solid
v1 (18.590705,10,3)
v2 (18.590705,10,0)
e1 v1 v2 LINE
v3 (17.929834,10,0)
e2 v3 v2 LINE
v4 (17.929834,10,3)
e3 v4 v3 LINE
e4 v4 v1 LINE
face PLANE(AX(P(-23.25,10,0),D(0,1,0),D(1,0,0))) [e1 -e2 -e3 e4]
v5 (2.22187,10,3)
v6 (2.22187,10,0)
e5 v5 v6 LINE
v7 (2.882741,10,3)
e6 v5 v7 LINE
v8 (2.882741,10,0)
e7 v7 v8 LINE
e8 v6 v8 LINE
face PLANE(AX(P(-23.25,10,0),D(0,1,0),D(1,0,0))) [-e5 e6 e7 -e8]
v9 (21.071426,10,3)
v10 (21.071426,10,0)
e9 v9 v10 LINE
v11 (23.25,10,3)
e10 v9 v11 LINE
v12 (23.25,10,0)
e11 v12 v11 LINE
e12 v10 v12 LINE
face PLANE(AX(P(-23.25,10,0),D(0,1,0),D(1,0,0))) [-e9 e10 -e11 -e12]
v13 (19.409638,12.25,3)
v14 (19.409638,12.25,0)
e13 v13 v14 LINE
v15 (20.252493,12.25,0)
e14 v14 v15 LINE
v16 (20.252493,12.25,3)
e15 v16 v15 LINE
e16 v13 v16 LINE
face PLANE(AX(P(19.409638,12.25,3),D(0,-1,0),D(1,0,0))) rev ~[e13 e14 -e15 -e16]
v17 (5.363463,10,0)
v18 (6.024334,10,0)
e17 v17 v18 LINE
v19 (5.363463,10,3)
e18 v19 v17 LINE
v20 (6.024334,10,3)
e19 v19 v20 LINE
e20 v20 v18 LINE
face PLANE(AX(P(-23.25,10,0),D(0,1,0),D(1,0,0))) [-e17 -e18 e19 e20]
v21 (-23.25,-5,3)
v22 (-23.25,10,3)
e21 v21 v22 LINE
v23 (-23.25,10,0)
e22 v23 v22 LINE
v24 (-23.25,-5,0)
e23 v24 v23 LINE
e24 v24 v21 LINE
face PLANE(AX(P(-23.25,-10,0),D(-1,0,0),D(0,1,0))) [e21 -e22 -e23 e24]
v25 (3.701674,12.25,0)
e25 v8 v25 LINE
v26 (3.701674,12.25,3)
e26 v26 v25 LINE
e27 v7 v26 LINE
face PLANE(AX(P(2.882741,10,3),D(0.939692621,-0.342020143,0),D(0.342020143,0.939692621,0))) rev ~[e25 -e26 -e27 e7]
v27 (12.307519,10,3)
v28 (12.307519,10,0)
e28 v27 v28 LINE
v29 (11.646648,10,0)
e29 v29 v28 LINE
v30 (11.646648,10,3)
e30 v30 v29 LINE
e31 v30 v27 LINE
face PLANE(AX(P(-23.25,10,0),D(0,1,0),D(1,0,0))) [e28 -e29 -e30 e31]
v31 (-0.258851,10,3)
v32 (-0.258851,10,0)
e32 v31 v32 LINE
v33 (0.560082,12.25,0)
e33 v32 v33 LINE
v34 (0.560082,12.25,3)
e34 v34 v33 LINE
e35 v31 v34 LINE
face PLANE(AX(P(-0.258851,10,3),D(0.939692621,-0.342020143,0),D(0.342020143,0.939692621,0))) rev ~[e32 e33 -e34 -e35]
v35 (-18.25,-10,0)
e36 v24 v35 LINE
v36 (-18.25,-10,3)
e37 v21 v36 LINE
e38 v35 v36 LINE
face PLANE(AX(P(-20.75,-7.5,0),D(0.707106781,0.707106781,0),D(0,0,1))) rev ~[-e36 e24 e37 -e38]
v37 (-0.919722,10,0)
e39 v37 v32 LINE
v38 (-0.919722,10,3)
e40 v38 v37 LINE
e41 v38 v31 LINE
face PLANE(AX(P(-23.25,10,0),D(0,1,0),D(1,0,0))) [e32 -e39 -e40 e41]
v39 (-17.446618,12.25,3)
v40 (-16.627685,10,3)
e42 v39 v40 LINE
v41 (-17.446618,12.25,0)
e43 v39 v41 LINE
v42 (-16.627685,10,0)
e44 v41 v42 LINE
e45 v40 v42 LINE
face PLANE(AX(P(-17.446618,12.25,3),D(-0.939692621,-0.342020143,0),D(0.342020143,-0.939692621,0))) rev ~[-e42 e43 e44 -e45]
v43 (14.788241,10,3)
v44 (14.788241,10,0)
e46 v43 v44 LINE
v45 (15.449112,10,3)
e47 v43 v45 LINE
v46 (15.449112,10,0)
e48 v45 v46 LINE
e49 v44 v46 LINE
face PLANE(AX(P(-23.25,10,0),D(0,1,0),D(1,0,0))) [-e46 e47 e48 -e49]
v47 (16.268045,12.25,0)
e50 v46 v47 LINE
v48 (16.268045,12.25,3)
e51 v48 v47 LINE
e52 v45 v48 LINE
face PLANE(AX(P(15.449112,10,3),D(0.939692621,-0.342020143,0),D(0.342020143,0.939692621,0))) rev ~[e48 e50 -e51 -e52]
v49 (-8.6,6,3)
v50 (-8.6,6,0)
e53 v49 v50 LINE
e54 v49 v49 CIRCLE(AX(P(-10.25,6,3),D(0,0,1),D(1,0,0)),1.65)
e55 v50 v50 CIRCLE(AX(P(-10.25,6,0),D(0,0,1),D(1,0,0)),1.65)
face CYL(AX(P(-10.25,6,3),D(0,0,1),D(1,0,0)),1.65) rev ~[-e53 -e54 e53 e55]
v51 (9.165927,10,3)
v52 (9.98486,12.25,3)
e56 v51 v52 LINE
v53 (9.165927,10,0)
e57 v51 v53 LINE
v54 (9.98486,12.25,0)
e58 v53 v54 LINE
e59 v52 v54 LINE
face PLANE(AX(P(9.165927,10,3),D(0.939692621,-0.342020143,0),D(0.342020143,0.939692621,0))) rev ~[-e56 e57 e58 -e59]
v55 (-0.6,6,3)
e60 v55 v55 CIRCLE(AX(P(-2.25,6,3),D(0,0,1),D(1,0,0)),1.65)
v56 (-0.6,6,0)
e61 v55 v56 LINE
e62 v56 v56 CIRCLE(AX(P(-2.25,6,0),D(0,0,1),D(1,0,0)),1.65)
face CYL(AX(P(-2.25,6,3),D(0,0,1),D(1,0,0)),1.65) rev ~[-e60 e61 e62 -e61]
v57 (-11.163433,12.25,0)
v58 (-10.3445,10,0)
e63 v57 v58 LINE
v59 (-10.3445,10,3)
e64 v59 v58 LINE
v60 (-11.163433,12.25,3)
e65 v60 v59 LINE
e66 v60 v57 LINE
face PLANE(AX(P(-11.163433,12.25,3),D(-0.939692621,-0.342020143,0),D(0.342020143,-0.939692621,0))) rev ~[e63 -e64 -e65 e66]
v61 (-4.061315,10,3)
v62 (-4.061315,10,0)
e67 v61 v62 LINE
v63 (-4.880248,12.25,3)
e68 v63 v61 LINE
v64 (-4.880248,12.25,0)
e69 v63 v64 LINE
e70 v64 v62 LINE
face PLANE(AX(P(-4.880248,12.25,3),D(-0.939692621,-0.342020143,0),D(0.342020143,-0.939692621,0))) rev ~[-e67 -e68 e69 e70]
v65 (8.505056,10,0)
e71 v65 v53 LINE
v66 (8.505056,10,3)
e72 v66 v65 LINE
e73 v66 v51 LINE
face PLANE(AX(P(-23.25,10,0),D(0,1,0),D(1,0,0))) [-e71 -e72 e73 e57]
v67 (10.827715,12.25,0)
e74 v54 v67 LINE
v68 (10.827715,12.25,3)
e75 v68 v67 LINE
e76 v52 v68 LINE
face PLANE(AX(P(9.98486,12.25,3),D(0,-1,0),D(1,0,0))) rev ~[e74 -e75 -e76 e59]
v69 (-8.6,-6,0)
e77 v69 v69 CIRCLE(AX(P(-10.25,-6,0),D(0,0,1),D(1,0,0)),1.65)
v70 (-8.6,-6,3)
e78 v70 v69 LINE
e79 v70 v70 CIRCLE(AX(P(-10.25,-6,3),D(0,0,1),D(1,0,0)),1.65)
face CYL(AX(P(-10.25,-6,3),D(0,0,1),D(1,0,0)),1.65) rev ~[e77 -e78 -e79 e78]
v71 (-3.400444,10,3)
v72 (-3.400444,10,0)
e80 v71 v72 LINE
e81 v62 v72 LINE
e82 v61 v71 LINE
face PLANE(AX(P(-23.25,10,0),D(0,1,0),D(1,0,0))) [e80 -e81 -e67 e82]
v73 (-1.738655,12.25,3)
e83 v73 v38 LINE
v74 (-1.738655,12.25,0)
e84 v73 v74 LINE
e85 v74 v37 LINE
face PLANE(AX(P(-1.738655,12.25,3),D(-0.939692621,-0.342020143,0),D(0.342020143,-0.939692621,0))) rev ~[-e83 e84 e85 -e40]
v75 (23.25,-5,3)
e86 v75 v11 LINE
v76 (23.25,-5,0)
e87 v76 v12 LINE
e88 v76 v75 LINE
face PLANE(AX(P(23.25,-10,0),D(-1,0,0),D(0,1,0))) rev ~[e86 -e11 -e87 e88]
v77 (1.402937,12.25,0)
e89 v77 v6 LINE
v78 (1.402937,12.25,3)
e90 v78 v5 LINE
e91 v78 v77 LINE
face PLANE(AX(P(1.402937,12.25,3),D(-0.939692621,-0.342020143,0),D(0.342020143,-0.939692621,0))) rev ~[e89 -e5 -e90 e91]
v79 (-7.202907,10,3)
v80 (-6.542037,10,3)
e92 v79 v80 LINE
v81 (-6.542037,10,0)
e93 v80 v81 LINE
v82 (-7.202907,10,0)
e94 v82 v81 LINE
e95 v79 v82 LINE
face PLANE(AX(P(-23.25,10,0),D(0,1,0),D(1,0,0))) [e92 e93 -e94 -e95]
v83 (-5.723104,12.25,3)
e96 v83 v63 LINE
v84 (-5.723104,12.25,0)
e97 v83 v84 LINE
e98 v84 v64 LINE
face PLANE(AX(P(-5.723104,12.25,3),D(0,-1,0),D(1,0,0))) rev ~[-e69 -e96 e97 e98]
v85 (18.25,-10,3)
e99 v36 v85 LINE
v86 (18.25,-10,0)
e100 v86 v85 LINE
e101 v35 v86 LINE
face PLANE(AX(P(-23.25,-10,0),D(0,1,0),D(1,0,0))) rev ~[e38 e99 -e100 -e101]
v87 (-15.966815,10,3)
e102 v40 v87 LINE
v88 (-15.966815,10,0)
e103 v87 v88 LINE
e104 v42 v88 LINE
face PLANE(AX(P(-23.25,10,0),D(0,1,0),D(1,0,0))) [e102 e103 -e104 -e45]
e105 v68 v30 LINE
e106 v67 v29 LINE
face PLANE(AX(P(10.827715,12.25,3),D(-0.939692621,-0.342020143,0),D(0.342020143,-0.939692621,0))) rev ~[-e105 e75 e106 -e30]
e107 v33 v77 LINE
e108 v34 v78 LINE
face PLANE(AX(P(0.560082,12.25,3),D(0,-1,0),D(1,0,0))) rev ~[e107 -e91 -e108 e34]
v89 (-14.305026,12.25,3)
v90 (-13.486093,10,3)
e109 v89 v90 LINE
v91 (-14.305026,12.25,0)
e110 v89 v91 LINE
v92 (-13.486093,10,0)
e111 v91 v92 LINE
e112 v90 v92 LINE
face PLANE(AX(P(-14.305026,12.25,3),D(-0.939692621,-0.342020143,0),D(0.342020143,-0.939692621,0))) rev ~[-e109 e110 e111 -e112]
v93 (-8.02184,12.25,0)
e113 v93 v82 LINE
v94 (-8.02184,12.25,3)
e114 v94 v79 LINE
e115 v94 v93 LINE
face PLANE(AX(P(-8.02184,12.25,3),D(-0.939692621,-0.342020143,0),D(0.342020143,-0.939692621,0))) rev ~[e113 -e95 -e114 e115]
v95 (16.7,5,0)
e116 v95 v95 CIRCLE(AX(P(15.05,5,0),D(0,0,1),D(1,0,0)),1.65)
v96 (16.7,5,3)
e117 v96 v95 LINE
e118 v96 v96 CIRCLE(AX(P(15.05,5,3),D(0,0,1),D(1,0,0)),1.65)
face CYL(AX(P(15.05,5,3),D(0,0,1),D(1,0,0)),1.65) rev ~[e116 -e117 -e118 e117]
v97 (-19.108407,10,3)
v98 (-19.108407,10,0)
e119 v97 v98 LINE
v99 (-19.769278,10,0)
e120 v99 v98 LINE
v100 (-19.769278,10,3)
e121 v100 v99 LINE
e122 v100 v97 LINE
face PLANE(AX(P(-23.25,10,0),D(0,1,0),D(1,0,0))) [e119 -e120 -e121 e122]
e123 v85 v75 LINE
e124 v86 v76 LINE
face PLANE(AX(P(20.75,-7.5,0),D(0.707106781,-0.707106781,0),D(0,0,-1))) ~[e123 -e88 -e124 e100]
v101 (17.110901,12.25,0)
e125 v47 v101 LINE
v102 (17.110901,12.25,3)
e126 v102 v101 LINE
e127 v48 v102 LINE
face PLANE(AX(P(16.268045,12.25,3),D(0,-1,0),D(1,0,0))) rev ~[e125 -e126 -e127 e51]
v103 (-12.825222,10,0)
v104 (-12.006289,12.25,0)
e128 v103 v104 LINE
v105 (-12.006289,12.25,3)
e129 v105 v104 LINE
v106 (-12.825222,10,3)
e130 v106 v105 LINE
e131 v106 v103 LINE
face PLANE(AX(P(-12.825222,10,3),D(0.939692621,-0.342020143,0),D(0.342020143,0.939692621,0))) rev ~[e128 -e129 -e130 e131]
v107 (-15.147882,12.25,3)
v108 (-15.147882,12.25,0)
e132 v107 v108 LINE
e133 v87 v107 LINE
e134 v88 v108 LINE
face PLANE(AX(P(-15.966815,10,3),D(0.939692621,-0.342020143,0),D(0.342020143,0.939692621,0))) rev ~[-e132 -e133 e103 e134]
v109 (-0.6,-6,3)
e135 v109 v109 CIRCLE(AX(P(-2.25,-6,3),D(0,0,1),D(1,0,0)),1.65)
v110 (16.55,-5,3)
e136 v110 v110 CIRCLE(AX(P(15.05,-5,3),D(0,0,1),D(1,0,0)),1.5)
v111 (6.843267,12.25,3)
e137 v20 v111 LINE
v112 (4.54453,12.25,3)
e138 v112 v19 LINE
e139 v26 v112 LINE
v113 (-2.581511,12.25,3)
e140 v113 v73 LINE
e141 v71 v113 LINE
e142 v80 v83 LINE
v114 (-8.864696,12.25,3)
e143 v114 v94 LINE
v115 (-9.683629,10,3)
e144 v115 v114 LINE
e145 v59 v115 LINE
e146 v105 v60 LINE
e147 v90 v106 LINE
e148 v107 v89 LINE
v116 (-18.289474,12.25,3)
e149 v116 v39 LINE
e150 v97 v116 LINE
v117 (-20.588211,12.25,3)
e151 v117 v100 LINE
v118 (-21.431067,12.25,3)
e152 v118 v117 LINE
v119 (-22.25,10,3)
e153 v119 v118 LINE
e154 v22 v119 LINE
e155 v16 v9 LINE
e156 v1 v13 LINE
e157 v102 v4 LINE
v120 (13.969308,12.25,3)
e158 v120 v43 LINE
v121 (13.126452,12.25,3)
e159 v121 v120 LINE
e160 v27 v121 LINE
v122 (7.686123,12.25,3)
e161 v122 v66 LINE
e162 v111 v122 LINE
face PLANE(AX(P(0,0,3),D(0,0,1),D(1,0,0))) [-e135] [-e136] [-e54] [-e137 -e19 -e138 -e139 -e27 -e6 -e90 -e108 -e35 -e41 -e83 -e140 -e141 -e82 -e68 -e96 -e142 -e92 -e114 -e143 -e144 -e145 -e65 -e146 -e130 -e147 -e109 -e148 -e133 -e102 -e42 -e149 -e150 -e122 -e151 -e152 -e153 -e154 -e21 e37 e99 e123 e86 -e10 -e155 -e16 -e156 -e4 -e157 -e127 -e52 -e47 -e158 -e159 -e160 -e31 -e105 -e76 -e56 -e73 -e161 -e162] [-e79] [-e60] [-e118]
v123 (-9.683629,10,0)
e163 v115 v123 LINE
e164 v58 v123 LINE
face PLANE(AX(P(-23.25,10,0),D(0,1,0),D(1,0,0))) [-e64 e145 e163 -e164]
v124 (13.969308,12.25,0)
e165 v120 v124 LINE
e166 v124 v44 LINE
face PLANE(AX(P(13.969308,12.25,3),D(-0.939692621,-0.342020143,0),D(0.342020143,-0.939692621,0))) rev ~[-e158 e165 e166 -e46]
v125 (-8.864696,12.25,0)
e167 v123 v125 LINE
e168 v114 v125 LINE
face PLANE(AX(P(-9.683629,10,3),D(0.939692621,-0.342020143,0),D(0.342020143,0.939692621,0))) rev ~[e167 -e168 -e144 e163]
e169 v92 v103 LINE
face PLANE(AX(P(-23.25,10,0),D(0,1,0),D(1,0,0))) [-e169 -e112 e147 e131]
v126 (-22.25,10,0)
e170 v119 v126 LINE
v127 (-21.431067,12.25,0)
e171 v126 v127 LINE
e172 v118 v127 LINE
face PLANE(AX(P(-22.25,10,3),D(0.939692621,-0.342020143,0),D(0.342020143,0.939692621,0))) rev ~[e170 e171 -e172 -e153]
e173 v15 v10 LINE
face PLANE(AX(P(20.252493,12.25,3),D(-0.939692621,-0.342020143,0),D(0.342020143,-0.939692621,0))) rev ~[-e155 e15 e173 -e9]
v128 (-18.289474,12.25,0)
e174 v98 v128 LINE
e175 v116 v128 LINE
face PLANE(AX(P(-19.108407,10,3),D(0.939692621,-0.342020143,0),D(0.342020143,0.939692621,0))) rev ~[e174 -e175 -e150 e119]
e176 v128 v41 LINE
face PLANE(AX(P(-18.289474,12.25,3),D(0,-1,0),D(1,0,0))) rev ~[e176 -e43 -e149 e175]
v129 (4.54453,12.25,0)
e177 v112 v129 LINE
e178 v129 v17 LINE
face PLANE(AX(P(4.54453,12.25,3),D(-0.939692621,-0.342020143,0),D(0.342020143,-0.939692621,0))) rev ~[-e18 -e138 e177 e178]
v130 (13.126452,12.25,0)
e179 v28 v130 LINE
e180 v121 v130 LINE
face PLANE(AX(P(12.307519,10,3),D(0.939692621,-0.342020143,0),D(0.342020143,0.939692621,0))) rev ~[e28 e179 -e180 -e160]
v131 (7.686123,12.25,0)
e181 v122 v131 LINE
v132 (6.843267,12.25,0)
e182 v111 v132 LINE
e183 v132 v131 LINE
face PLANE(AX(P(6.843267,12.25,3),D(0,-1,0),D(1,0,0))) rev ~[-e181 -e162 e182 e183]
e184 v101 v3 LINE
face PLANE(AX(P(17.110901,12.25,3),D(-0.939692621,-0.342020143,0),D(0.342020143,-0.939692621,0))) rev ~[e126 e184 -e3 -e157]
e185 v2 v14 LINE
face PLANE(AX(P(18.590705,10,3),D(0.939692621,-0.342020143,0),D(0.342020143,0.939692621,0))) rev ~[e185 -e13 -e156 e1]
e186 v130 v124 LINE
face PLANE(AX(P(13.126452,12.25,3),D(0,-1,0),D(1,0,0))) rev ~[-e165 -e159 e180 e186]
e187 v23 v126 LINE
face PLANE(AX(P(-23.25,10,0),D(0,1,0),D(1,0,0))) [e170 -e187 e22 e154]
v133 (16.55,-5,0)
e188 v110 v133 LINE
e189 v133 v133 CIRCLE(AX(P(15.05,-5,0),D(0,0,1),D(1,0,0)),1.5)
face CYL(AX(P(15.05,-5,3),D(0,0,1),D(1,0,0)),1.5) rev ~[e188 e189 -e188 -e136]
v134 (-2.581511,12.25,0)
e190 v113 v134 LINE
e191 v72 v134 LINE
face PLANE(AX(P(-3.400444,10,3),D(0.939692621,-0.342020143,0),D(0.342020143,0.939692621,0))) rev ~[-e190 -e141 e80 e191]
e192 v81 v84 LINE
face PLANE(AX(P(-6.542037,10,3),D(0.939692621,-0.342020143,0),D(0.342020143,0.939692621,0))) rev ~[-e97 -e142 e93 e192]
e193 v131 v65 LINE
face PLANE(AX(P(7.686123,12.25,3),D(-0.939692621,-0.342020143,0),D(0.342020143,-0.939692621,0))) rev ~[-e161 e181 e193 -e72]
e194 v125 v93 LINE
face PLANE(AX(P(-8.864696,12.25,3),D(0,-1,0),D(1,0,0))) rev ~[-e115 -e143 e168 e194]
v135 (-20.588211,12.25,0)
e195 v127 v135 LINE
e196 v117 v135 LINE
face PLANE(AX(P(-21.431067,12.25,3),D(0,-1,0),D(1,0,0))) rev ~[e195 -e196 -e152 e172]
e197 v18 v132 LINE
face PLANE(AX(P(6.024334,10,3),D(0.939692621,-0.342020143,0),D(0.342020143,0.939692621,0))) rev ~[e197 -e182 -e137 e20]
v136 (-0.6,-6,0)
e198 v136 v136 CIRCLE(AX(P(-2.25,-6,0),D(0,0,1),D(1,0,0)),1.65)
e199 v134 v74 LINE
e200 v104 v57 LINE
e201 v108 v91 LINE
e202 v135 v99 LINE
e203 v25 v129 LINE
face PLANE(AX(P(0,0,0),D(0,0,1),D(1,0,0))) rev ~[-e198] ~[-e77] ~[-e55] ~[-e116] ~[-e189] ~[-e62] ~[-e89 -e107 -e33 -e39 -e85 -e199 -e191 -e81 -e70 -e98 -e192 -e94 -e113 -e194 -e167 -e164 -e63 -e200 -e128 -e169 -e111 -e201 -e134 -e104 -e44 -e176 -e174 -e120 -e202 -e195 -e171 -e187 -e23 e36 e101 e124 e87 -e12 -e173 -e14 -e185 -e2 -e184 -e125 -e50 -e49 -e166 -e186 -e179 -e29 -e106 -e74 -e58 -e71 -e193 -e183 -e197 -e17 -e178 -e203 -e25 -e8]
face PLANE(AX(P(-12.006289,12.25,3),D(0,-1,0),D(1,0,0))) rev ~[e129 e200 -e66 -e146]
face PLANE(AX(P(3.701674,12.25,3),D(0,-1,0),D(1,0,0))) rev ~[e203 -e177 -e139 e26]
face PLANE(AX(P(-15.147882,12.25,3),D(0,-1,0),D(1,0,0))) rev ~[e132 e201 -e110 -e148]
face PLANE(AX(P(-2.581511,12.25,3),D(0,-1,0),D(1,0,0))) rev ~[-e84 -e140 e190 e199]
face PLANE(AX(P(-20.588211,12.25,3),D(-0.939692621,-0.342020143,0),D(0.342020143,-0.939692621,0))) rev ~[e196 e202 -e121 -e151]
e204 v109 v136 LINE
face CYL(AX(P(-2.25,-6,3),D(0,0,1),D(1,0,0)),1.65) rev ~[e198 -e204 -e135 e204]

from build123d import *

# Parameters (mm, degrees)
SKETCH_1_W             = 46.5
SKETCH_1_H             = 20
EXTRUDE_1_DEPTH        = 3
EXTRUDE_2_DEPTH        = 3
PATTERN_LINEAR_1_COUNT = 14
PATTERN_LINEAR_1_PITCH = 3.141592654
SKETCH_3_R             = 1.65
CUT_EXTRUDE_1_DEPTH    = 3
SKETCH_4_R             = 1.65
SKETCH_4_R_2           = 1.5
CUT_EXTRUDE_2_DEPTH    = 10
CHAMFER_1_SIZE         = 5


with BuildPart() as part:
    # 草圖1 → 填料-伸長1 (new body)
    with BuildSketch(Plane.XY):
        Rectangle(SKETCH_1_W, SKETCH_1_H)
    extrude(amount=EXTRUDE_1_DEPTH)

    # 草圖2 → 填料-伸長2 (add)
    with BuildSketch(Plane.XY.offset(3)):
        Polygon((-22.25, 10), (-21.431066973, 12.25), (-20.588211115, 12.25), (-19.769278088, 10), align=None)
    extrude_2 = extrude(amount=-EXTRUDE_2_DEPTH)

    # 直線複製排列1: 填料-伸長2 ×14
    with Locations(*[(i * PATTERN_LINEAR_1_PITCH, 0, 0) for i in range(1, PATTERN_LINEAR_1_COUNT)]):
        add(extrude_2)

    # 草圖3 → 除料-伸長1 (cut)
    with BuildSketch(Plane.XY.offset(3)):
        with Locations((-10.25, 6)):
            Circle(SKETCH_3_R)
        with Locations((-2.25, 6)):
            Circle(SKETCH_3_R)
        with Locations((-2.25, -6)):
            Circle(SKETCH_3_R)
        with Locations((-10.25, -6)):
            Circle(SKETCH_3_R)
    extrude(amount=-CUT_EXTRUDE_1_DEPTH, mode=Mode.SUBTRACT)

    # 草圖4 → 除料-伸長2 (cut)
    with BuildSketch(Plane.XY.offset(3)):
        with Locations((15.05, 5)):
            Circle(SKETCH_4_R)
        with Locations((15.05, -5)):
            Circle(SKETCH_4_R_2)
    extrude(amount=-CUT_EXTRUDE_2_DEPTH, mode=Mode.SUBTRACT)

    # 導角1
    chamfer_1_edges = [part.edges().sort_by_distance(p)[0] for p in [
        (23.25, -10, 1.5),
        (-23.25, -10, 1.5),
    ]]
    chamfer(chamfer_1_edges, length=CHAMFER_1_SIZE)


solid = part.part
